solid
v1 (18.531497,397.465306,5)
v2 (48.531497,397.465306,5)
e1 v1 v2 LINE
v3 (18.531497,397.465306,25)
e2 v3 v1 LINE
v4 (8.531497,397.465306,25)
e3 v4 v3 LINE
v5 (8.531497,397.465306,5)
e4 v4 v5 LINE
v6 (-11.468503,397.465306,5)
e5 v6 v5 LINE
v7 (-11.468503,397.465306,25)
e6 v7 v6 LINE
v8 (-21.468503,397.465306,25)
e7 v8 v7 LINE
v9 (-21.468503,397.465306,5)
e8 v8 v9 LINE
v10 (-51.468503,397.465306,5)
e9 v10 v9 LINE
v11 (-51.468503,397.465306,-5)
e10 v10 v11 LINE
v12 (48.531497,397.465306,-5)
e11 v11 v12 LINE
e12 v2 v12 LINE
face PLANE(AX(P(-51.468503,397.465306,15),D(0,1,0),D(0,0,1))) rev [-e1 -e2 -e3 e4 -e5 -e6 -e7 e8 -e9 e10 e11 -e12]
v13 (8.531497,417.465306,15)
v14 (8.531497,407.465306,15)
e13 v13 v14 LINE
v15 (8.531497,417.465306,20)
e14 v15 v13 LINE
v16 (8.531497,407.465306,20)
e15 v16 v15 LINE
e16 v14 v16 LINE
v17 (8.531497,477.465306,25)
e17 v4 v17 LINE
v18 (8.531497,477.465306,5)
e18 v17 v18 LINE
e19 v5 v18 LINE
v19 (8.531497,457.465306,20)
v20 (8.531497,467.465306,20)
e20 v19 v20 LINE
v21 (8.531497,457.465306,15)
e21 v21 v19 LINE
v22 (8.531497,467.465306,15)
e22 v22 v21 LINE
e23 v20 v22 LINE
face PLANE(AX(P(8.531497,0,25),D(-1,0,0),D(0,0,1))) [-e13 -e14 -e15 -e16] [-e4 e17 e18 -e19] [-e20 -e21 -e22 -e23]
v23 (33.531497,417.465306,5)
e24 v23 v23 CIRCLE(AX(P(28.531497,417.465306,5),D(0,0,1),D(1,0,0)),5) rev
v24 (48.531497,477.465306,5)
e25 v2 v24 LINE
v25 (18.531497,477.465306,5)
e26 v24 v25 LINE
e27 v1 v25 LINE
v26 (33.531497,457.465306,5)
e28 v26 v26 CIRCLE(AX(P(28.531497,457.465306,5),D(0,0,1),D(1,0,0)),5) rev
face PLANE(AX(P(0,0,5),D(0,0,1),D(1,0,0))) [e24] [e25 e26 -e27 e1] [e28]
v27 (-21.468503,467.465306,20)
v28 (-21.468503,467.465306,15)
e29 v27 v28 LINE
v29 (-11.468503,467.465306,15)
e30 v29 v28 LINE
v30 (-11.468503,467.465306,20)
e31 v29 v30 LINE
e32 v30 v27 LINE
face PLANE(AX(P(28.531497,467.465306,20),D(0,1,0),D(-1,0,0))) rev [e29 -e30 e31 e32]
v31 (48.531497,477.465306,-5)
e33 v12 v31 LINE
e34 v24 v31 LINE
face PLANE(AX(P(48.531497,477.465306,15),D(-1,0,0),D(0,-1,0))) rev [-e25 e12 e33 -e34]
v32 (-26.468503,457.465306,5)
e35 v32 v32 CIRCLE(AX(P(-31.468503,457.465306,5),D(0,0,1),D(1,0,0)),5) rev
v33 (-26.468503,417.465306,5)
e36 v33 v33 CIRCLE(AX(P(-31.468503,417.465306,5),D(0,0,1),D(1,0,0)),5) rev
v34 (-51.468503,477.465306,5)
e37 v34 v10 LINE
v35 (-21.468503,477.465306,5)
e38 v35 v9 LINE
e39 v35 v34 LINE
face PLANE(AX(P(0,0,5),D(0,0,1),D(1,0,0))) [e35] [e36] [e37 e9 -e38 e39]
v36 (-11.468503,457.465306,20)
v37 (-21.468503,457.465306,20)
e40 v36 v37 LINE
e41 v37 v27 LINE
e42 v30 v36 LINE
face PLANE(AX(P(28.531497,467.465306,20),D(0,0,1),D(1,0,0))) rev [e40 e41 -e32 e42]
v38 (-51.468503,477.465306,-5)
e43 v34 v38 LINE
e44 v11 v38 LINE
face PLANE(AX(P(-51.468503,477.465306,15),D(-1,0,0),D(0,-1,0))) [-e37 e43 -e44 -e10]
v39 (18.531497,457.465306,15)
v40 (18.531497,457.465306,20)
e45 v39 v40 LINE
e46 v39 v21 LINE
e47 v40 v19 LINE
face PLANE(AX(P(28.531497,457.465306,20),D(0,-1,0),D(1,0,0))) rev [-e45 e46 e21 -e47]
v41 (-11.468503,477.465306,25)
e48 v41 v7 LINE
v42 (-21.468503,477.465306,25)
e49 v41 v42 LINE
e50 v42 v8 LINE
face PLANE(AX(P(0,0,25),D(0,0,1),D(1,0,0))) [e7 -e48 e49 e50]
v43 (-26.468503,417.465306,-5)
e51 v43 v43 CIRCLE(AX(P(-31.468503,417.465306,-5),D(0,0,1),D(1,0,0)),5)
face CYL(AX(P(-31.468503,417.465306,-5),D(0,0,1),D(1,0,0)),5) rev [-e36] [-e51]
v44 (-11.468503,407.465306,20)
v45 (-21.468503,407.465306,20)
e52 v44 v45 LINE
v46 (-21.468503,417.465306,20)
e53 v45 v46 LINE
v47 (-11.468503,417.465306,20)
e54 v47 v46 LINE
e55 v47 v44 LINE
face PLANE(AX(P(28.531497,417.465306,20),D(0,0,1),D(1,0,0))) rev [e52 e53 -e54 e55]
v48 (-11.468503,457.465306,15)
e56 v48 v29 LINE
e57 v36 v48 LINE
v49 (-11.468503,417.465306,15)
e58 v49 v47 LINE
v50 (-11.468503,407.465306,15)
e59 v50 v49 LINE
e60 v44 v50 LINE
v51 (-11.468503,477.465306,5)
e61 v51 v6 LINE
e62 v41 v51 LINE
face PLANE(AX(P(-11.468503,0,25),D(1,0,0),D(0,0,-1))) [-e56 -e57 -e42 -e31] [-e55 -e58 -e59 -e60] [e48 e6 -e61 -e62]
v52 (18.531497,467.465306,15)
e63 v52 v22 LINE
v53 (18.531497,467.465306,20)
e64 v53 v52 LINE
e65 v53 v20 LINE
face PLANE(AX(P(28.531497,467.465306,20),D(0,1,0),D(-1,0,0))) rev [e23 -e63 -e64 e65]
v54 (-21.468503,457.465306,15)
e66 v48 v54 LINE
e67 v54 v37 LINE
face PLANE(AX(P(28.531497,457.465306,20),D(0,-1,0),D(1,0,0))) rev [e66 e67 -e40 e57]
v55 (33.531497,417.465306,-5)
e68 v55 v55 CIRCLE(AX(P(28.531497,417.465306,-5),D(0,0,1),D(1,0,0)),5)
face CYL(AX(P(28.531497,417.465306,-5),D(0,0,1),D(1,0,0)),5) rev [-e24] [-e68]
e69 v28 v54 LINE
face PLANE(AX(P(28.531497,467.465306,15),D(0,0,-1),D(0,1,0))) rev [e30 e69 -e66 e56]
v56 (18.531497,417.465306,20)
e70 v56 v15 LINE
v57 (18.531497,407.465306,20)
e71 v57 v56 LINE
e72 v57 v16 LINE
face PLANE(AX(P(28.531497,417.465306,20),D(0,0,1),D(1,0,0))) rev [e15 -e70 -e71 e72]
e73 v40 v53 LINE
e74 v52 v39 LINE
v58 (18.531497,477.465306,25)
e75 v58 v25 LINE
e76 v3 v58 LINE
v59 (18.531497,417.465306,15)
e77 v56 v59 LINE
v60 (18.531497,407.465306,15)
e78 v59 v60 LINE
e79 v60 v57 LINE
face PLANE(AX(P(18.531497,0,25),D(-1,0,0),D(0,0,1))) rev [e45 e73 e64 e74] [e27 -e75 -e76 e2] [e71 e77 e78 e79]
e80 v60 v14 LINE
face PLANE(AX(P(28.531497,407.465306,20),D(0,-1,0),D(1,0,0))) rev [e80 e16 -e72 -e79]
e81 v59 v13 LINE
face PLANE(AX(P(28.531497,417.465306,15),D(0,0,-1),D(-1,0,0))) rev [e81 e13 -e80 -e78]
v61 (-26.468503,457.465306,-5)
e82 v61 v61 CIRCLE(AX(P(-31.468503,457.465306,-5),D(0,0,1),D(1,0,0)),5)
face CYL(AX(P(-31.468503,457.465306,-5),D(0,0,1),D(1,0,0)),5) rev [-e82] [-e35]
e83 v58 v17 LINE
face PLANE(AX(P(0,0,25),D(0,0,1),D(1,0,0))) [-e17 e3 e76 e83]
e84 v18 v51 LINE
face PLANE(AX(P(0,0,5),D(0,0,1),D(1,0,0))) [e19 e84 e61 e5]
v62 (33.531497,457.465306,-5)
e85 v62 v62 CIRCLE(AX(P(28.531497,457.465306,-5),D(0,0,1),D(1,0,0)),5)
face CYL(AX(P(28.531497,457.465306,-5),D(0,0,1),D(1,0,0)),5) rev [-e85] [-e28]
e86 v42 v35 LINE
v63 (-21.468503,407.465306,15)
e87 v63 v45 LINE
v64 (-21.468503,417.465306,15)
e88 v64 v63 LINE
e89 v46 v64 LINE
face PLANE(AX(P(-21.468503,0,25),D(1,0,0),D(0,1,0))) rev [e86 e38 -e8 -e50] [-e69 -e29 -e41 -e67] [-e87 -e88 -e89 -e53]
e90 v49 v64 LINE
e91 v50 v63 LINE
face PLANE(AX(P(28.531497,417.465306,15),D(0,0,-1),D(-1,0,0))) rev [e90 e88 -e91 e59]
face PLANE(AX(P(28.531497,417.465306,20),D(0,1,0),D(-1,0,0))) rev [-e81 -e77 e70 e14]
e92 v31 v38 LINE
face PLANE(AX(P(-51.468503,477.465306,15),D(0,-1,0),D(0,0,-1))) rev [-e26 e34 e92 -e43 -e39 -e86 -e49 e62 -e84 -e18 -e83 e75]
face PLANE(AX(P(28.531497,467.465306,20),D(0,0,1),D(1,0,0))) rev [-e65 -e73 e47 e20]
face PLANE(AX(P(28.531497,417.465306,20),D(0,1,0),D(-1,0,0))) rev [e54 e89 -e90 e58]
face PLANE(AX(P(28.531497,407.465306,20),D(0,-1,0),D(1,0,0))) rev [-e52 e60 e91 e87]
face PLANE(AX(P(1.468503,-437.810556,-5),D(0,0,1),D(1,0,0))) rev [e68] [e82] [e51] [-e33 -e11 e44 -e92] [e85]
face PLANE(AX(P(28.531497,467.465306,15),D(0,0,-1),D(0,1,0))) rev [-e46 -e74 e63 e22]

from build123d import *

# Parameters (mm, degrees)
SKETCH1_W           = 50
SKETCH1_H           = 40
BOSS_EXTRUDE1_DEPTH = 10
SKETCH5_W           = 6
SKETCH5_H           = 5
BOSS_EXTRUDE3_DEPTH = 10
SKETCH6_R           = 1.25
CUT_EXTRUDE1_DEPTH  = 20
SKETCH8_W           = 10
SKETCH8_H           = 40
CUT_EXTRUDE2_DEPTH  = 25
SKETCH12_W          = 5
SKETCH12_H          = 5
BOSS_EXTRUDE5_DEPTH = 10
SKETCH13_R          = 1.25
CUT_EXTRUDE4_DEPTH  = 10
SKETCH14_R          = 2.5
CUT_EXTRUDE5_DEPTH  = 10
CUT_EXTRUDE6_DEPTH  = 22
CUT_EXTRUDE7_DEPTH  = 30
CUT_EXTRUDE8_DEPTH  = 30
SCALE1_SCALE        = 2
SKETCH19_W          = 172.616714004
SKETCH19_H          = 129.336721571
SKETCH19_W_2        = 100
SKETCH19_H_2        = 80
CUT_EXTRUDE9_DEPTH  = 20
SKETCH20_W          = 100
SKETCH20_H          = 80
CUT_EXTRUDE10_DEPTH = 10
BOSS_EXTRUDE6_DEPTH = 20
SKETCH22_W          = 5
SKETCH22_H          = 10
CUT_EXTRUDE11_DEPTH = 50


with BuildPart() as part:
    # Sketch1 → Boss-Extrude1 (new body)
    with BuildSketch(Plane(origin=(669.84184187, 0, 0), x_dir=(1, 0, 0), z_dir=(0, 0, 1))):
        with Locations((-671.310344828, 437.637931034)):
            Rectangle(SKETCH1_W, SKETCH1_H)
    boss_extrude1 = extrude(amount=BOSS_EXTRUDE1_DEPTH)

    # Sketch5 → Boss-Extrude3 (add)
    with BuildSketch(Plane(origin=(23.531497042, 0, 0), x_dir=(0, 0, -1), z_dir=(1, 0, 0))):
        with Locations((-5, 442.637931034)):
            Rectangle(SKETCH5_W, SKETCH5_H)
        with Locations((-5, 432.637931034)):
            Rectangle(SKETCH5_W, SKETCH5_H)
    boss_extrude3 = extrude(amount=BOSS_EXTRUDE3_DEPTH)

    # Sketch6 → Cut-Extrude1 (cut)
    with BuildSketch(Plane(origin=(669.84184187, 445.137931034, 0), x_dir=(1, 0, 0), z_dir=(0, 1, 0))):
        with Locations(Location((-641.310344828, -5, 0), (0, 0, 180))):
            Circle(SKETCH6_R)
    cut_extrude1 = extrude(amount=-CUT_EXTRUDE1_DEPTH, mode=Mode.SUBTRACT)

    # Sketch8 → Cut-Extrude2 (cut)
    with BuildSketch(Plane.ZY.offset(26.468502958)):
        with Locations((5, 437.637931034)):
            Rectangle(SKETCH8_W, SKETCH8_H)
    extrude(amount=-CUT_EXTRUDE2_DEPTH, mode=Mode.SUBTRACT)

    # Mirror1: Boss-Extrude1, Boss-Extrude3, Cut-Extrude1 across plane
    add(boss_extrude1.mirror(Plane(origin=(-1.468502958, 0, 0), x_dir=(0, 0, 1), z_dir=(1, 0, 0))))
    add(boss_extrude3.mirror(Plane(origin=(-1.468502958, 0, 0), x_dir=(0, 0, 1), z_dir=(1, 0, 0))))
    add(cut_extrude1.mirror(Plane(origin=(-1.468502958, 0, 0), x_dir=(0, 0, 1), z_dir=(1, 0, 0))), mode=Mode.SUBTRACT)

    # Sketch12 → Boss-Extrude5 (add)
    with BuildSketch(Plane(origin=(0, 457.637931034, 0), x_dir=(1, 0, 0), z_dir=(0, 1, 0))):
        with Locations((-1.468502958, -5)):
            Rectangle(SKETCH12_W, SKETCH12_H)
    extrude(amount=BOSS_EXTRUDE5_DEPTH)

    # Sketch13 → Cut-Extrude4 (cut)
    with BuildSketch(Plane(origin=(1.031497042, 0, 0), x_dir=(0, 0, -1), z_dir=(1, 0, 0))):
        with Locations((-5, 462.637931034)):
            Circle(SKETCH13_R)
    extrude(amount=-CUT_EXTRUDE4_DEPTH, mode=Mode.SUBTRACT)

    # Sketch14 → Cut-Extrude5 (cut)
    with BuildSketch(Plane.XY.offset(10)):
        with Locations((-16.468502958, 447.637931034)):
            Circle(SKETCH14_R)
        with Locations((-16.468502958, 427.637931034)):
            Circle(SKETCH14_R)
        with Locations((13.531497042, 447.637931034)):
            Circle(SKETCH14_R)
        with Locations((13.531497042, 427.637931034)):
            Circle(SKETCH14_R)
    extrude(amount=-CUT_EXTRUDE5_DEPTH, mode=Mode.SUBTRACT)

    # Sketch15 → Cut-Extrude6 (cut)
    with BuildSketch(Plane(origin=(0, 445.137931034, 0), x_dir=(1, 0, 0), z_dir=(0, 1, 0))):
        with BuildLine():
            Line((33.531497042, -2), (28.531497042, -2))
            ThreePointArc((28.531497042, -2), (30.652817386, -2.878679656), (31.531497042, -5))
            ThreePointArc((31.531497042, -5), (30.652817386, -7.121320344), (28.531497042, -8))
            Line((28.531497042, -8), (33.531497042, -8))
            Line((33.531497042, -8), (33.531497042, -2))
        make_face()
    extrude(amount=-CUT_EXTRUDE6_DEPTH, mode=Mode.SUBTRACT)

    # Sketch17 → Cut-Extrude7 (cut)
    with BuildSketch(Plane(origin=(0, 445.137931034, 0), x_dir=(1, 0, 0), z_dir=(0, 1, 0))):
        with BuildLine():
            Line((-36.468502958, -8), (-31.468502958, -8))
            ThreePointArc((-31.468502958, -8), (-34.468502958, -5), (-31.468502958, -2))
            Line((-31.468502958, -2), (-36.468502958, -2))
            Line((-36.468502958, -2), (-36.468502958, -8))
        make_face()
    extrude(amount=-CUT_EXTRUDE7_DEPTH, mode=Mode.SUBTRACT)

    # Sketch18 → Cut-Extrude8 (cut)
    with BuildSketch(Plane(origin=(1.031497042, 0, 0), x_dir=(0, 0, -1), z_dir=(1, 0, 0))):
        with BuildLine():
            Line((-7.5, 467.637931034), (-7.5, 462.637931034))
            ThreePointArc((-7.5, 462.637931034), (-5, 465.137931034), (-2.5, 462.637931034))
            Line((-2.5, 462.637931034), (-2.5, 467.637931034))
            Line((-2.5, 467.637931034), (-7.5, 467.637931034))
        make_face()
    extrude(amount=-CUT_EXTRUDE8_DEPTH, mode=Mode.SUBTRACT)


with BuildPart() as part_1:
    # Scale1: scaled about (-1.468502958, 437.810556227, 5)
    add(part.part.scale(SCALE1_SCALE).moved(Location((1.468502958, -437.810556227, -5))))

    # Sketch19 → Cut-Extrude9 (cut)
    with BuildSketch(Plane.XY.offset(15)):
        with Locations((2.170441993, 437.623617036)):
            Rectangle(SKETCH19_W, SKETCH19_H)
        with Locations((-1.468502958, 437.465305842)):
            Rectangle(SKETCH19_W_2, SKETCH19_H_2, mode=Mode.SUBTRACT)
    extrude(amount=-CUT_EXTRUDE9_DEPTH, mode=Mode.SUBTRACT)

    # Sketch20 → Cut-Extrude10 (cut)
    with BuildSketch(Plane.XY.offset(15)):
        with Locations((-1.468502958, 437.465305842)):
            Rectangle(SKETCH20_W, SKETCH20_H)
    extrude(amount=-CUT_EXTRUDE10_DEPTH, mode=Mode.SUBTRACT)

    # Sketch21 → Boss-Extrude6 (add)
    with BuildSketch(Plane.XY.offset(5)):
        Polygon((-11.468502958, 477.465305842), (-21.468502958, 477.465305842), (-21.468502958, 397.465305842), (-11.468502958, 397.465305842), (-11.468502958, 464.619479755), align=None)
        Polygon((18.531497042, 477.465305842), (8.531497042, 477.465305842), (8.531497042, 471.588870089), (8.531497042, 397.465305842), (18.531497042, 397.465305842), align=None)
    extrude(amount=BOSS_EXTRUDE6_DEPTH)

    # Sketch22 → Cut-Extrude11 (cut)
    with BuildSketch(Plane.ZY.offset(21.468502958)):
        with Locations((17.5, 462.465305842)):
            Rectangle(SKETCH22_W, SKETCH22_H)
        with Locations((17.5, 412.465305842)):
            Rectangle(SKETCH22_W, SKETCH22_H)
    extrude(amount=-CUT_EXTRUDE11_DEPTH, mode=Mode.SUBTRACT)


solid = part_1.part
